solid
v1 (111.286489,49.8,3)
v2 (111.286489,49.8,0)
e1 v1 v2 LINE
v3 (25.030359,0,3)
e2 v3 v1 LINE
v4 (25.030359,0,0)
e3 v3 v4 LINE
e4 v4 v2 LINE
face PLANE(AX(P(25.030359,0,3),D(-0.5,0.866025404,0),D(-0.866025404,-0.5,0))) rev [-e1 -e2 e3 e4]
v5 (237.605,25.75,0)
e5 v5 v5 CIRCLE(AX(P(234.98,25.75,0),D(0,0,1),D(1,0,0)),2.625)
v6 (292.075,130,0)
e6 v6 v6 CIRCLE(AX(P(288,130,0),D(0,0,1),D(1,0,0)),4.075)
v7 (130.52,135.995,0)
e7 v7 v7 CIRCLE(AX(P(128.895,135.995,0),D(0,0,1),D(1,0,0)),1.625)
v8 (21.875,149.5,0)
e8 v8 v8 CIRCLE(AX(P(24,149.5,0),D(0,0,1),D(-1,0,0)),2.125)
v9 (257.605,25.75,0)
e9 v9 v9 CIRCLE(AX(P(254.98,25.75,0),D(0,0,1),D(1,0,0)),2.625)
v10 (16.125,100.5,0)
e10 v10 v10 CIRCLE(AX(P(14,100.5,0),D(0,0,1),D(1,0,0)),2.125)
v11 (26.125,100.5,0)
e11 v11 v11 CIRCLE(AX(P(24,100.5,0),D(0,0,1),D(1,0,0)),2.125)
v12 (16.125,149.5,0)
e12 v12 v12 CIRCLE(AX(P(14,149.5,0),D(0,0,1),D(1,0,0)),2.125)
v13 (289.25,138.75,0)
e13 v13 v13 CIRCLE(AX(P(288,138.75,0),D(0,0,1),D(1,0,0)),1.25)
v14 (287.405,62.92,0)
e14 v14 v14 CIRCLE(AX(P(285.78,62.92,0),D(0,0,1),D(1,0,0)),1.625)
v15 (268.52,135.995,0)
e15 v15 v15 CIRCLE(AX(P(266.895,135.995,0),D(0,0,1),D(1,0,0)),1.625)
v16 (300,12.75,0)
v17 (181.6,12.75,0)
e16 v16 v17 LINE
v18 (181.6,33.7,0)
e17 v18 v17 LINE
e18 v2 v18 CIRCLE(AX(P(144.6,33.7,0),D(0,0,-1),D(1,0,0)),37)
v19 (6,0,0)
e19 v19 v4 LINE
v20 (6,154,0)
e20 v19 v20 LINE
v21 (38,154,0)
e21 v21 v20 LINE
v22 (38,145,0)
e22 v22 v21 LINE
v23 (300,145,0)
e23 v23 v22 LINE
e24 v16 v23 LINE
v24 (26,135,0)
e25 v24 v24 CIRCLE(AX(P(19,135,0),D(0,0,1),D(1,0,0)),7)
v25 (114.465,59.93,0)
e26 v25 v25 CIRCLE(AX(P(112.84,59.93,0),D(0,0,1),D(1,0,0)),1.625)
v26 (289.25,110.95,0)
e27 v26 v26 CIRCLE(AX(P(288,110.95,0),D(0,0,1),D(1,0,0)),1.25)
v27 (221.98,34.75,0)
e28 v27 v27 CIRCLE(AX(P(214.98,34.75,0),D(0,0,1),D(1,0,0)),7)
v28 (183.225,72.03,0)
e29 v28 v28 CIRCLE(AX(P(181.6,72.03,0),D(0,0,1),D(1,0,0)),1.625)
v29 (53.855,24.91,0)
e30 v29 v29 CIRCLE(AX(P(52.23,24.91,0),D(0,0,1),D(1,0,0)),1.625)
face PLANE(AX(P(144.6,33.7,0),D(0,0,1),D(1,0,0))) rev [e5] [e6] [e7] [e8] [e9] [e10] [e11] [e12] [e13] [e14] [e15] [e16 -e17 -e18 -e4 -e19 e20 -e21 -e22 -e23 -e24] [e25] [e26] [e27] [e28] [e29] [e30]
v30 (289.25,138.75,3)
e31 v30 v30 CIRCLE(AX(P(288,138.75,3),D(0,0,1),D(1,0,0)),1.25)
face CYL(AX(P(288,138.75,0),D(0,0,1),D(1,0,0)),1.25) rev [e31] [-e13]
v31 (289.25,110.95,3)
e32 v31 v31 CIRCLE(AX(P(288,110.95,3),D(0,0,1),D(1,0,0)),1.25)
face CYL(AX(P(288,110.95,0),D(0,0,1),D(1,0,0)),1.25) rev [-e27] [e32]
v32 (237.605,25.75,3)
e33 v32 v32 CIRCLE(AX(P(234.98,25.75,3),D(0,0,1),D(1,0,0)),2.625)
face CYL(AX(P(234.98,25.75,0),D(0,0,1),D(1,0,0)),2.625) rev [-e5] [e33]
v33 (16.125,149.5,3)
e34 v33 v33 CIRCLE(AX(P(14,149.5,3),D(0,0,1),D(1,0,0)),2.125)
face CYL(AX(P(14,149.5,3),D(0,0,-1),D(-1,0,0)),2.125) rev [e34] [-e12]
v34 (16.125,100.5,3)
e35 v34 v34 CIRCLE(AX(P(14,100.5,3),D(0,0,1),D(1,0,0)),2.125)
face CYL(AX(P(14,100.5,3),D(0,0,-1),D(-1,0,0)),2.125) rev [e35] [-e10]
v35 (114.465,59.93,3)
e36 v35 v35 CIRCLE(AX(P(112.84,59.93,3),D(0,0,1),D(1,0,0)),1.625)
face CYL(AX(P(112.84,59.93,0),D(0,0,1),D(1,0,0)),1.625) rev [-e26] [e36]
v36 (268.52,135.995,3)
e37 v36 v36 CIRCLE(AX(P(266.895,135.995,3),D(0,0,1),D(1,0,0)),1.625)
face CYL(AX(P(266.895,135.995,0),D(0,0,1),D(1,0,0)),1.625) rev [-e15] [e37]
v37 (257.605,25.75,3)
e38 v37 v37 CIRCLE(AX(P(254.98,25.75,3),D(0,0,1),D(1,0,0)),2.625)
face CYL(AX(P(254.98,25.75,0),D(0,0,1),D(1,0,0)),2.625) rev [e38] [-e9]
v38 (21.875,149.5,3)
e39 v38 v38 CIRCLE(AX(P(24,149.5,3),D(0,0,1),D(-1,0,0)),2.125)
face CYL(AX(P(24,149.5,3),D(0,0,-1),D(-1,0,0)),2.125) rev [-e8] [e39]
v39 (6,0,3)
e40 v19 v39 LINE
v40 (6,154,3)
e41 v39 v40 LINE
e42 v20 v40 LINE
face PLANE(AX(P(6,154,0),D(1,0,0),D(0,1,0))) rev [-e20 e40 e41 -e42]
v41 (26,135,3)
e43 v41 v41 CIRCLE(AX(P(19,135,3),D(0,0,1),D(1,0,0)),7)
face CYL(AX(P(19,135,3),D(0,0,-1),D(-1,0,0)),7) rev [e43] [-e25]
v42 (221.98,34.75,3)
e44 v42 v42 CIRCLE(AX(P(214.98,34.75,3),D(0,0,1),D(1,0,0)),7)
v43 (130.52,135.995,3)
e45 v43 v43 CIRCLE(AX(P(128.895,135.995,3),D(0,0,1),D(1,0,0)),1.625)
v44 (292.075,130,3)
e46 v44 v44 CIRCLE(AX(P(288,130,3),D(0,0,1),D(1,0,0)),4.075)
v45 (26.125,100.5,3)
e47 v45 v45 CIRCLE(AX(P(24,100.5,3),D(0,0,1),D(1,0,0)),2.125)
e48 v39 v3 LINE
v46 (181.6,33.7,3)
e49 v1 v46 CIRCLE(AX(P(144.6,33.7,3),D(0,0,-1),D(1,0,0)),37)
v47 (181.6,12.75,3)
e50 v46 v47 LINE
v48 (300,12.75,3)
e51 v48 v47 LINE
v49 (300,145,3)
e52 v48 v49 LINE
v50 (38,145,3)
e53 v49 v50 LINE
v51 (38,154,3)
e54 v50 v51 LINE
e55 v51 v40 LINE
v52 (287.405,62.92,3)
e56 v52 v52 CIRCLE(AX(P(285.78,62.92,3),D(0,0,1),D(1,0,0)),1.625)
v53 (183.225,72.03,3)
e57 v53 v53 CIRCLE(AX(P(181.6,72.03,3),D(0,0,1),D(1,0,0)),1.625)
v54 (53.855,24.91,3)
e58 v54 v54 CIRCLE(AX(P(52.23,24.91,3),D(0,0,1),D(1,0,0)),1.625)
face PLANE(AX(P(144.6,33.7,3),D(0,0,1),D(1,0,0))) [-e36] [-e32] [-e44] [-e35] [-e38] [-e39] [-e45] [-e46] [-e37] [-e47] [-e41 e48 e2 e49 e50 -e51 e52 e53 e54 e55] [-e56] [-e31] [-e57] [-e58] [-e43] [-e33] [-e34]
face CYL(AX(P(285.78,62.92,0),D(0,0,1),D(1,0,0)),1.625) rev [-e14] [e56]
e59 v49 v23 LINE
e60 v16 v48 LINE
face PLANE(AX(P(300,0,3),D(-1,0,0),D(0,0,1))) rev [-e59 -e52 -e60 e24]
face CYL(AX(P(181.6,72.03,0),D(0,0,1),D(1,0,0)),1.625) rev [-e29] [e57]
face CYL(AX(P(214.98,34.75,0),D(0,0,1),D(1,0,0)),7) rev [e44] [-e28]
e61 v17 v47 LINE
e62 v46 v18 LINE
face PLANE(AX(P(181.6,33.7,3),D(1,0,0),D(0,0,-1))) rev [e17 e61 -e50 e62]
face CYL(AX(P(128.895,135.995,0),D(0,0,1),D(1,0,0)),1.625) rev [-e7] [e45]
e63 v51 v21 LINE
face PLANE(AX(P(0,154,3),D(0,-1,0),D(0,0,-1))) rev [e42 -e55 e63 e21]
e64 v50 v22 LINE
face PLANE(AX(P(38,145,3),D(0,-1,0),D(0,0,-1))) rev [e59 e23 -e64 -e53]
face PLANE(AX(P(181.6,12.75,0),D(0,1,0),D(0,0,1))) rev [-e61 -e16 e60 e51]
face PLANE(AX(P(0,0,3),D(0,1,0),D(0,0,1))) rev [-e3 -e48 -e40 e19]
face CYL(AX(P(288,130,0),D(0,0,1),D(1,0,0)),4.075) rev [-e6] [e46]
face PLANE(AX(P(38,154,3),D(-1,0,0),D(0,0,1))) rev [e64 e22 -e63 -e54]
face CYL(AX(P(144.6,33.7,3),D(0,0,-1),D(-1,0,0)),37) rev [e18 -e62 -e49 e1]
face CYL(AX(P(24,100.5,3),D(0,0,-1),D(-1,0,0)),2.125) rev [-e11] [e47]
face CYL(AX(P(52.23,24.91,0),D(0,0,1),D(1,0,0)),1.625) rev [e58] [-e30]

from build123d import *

# Parameters (mm, degrees)
SKETCH2_R           = 7
SKETCH2_R_2         = 2.125
BOSS_EXTRUDE2_DEPTH = 3
SKETCH3_W           = 118.4
SKETCH3_H           = 12.75
CUT_EXTRUDE1_DEPTH  = 338.231374578
SKETCH5_R           = 2.625
SKETCH5_R_2         = 4.075
SKETCH5_R_3         = 1.25
SKETCH5_R_4         = 1.625
SKETCH5_R_5         = 7
SKETCH5_W           = 6
SKETCH5_H           = 154
CUT_EXTRUDE2_DEPTH  = 338.231374578


with BuildPart() as part:
    # Sketch2 → Boss-Extrude2 (new body)
    with BuildSketch(Plane.XY):
        with BuildLine():
            Line((25.03035901, 0), (111.286489227, 49.8))
            ThreePointArc((111.286489227, 49.8), (152.858332199, 69.766604349), (181.6, 33.7))
            Line((181.6, 33.7), (181.6, 0))
            Line((181.6, 0), (300, 0))
            Line((300, 0), (300, 145))
            Line((300, 145), (38, 145))
            Line((38, 145), (38, 154))
            Line((38, 154), (19, 154))
            Line((19, 154), (0, 154))
            Line((0, 154), (0, 0))
            Line((0, 0), (25.03035901, 0))
        make_face()
        with Locations((19, 135)):
            Circle(SKETCH2_R, mode=Mode.SUBTRACT)
        with Locations((14, 149.5)):
            Circle(SKETCH2_R_2, mode=Mode.SUBTRACT)
        with Locations(Location((24, 149.5, 0), (0, 0, 180))):
            Circle(SKETCH2_R_2, mode=Mode.SUBTRACT)
        with Locations((24, 100.5)):
            Circle(SKETCH2_R_2, mode=Mode.SUBTRACT)
        with Locations((14, 100.5)):
            Circle(SKETCH2_R_2, mode=Mode.SUBTRACT)
    extrude(amount=BOSS_EXTRUDE2_DEPTH)

    # Sketch3 → Cut-Extrude1 (cut, through all)
    with BuildSketch(Plane.XY.offset(3)):
        with Locations((240.8, 6.375)):
            Rectangle(SKETCH3_W, SKETCH3_H)
    extrude(amount=-CUT_EXTRUDE1_DEPTH, mode=Mode.SUBTRACT)

    # Sketch5 → Cut-Extrude2 (cut, through all)
    with BuildSketch(Plane.XY.offset(3)):
        with Locations((254.98, 25.75)):
            Circle(SKETCH5_R)
        with Locations((234.98, 25.75)):
            Circle(SKETCH5_R)
        with Locations((288, 130)):
            Circle(SKETCH5_R_2)
        with Locations((288, 138.75)):
            Circle(SKETCH5_R_3)
        with Locations((288, 110.95)):
            Circle(SKETCH5_R_3)
        with Locations((285.78, 62.92)):
            Circle(SKETCH5_R_4)
        with Locations((181.6, 72.03)):
            Circle(SKETCH5_R_4)
        with Locations((52.23, 24.91)):
            Circle(SKETCH5_R_4)
        with Locations((112.84, 59.93)):
            Circle(SKETCH5_R_4)
        with Locations((266.895, 135.995)):
            Circle(SKETCH5_R_4)
        with Locations((128.895, 135.995)):
            Circle(SKETCH5_R_4)
        with Locations((214.98, 34.75)):
            Circle(SKETCH5_R_5)
        with Locations((3, 77)):
            Rectangle(SKETCH5_W, SKETCH5_H)
    extrude(amount=-CUT_EXTRUDE2_DEPTH, mode=Mode.SUBTRACT)


solid = part.part
